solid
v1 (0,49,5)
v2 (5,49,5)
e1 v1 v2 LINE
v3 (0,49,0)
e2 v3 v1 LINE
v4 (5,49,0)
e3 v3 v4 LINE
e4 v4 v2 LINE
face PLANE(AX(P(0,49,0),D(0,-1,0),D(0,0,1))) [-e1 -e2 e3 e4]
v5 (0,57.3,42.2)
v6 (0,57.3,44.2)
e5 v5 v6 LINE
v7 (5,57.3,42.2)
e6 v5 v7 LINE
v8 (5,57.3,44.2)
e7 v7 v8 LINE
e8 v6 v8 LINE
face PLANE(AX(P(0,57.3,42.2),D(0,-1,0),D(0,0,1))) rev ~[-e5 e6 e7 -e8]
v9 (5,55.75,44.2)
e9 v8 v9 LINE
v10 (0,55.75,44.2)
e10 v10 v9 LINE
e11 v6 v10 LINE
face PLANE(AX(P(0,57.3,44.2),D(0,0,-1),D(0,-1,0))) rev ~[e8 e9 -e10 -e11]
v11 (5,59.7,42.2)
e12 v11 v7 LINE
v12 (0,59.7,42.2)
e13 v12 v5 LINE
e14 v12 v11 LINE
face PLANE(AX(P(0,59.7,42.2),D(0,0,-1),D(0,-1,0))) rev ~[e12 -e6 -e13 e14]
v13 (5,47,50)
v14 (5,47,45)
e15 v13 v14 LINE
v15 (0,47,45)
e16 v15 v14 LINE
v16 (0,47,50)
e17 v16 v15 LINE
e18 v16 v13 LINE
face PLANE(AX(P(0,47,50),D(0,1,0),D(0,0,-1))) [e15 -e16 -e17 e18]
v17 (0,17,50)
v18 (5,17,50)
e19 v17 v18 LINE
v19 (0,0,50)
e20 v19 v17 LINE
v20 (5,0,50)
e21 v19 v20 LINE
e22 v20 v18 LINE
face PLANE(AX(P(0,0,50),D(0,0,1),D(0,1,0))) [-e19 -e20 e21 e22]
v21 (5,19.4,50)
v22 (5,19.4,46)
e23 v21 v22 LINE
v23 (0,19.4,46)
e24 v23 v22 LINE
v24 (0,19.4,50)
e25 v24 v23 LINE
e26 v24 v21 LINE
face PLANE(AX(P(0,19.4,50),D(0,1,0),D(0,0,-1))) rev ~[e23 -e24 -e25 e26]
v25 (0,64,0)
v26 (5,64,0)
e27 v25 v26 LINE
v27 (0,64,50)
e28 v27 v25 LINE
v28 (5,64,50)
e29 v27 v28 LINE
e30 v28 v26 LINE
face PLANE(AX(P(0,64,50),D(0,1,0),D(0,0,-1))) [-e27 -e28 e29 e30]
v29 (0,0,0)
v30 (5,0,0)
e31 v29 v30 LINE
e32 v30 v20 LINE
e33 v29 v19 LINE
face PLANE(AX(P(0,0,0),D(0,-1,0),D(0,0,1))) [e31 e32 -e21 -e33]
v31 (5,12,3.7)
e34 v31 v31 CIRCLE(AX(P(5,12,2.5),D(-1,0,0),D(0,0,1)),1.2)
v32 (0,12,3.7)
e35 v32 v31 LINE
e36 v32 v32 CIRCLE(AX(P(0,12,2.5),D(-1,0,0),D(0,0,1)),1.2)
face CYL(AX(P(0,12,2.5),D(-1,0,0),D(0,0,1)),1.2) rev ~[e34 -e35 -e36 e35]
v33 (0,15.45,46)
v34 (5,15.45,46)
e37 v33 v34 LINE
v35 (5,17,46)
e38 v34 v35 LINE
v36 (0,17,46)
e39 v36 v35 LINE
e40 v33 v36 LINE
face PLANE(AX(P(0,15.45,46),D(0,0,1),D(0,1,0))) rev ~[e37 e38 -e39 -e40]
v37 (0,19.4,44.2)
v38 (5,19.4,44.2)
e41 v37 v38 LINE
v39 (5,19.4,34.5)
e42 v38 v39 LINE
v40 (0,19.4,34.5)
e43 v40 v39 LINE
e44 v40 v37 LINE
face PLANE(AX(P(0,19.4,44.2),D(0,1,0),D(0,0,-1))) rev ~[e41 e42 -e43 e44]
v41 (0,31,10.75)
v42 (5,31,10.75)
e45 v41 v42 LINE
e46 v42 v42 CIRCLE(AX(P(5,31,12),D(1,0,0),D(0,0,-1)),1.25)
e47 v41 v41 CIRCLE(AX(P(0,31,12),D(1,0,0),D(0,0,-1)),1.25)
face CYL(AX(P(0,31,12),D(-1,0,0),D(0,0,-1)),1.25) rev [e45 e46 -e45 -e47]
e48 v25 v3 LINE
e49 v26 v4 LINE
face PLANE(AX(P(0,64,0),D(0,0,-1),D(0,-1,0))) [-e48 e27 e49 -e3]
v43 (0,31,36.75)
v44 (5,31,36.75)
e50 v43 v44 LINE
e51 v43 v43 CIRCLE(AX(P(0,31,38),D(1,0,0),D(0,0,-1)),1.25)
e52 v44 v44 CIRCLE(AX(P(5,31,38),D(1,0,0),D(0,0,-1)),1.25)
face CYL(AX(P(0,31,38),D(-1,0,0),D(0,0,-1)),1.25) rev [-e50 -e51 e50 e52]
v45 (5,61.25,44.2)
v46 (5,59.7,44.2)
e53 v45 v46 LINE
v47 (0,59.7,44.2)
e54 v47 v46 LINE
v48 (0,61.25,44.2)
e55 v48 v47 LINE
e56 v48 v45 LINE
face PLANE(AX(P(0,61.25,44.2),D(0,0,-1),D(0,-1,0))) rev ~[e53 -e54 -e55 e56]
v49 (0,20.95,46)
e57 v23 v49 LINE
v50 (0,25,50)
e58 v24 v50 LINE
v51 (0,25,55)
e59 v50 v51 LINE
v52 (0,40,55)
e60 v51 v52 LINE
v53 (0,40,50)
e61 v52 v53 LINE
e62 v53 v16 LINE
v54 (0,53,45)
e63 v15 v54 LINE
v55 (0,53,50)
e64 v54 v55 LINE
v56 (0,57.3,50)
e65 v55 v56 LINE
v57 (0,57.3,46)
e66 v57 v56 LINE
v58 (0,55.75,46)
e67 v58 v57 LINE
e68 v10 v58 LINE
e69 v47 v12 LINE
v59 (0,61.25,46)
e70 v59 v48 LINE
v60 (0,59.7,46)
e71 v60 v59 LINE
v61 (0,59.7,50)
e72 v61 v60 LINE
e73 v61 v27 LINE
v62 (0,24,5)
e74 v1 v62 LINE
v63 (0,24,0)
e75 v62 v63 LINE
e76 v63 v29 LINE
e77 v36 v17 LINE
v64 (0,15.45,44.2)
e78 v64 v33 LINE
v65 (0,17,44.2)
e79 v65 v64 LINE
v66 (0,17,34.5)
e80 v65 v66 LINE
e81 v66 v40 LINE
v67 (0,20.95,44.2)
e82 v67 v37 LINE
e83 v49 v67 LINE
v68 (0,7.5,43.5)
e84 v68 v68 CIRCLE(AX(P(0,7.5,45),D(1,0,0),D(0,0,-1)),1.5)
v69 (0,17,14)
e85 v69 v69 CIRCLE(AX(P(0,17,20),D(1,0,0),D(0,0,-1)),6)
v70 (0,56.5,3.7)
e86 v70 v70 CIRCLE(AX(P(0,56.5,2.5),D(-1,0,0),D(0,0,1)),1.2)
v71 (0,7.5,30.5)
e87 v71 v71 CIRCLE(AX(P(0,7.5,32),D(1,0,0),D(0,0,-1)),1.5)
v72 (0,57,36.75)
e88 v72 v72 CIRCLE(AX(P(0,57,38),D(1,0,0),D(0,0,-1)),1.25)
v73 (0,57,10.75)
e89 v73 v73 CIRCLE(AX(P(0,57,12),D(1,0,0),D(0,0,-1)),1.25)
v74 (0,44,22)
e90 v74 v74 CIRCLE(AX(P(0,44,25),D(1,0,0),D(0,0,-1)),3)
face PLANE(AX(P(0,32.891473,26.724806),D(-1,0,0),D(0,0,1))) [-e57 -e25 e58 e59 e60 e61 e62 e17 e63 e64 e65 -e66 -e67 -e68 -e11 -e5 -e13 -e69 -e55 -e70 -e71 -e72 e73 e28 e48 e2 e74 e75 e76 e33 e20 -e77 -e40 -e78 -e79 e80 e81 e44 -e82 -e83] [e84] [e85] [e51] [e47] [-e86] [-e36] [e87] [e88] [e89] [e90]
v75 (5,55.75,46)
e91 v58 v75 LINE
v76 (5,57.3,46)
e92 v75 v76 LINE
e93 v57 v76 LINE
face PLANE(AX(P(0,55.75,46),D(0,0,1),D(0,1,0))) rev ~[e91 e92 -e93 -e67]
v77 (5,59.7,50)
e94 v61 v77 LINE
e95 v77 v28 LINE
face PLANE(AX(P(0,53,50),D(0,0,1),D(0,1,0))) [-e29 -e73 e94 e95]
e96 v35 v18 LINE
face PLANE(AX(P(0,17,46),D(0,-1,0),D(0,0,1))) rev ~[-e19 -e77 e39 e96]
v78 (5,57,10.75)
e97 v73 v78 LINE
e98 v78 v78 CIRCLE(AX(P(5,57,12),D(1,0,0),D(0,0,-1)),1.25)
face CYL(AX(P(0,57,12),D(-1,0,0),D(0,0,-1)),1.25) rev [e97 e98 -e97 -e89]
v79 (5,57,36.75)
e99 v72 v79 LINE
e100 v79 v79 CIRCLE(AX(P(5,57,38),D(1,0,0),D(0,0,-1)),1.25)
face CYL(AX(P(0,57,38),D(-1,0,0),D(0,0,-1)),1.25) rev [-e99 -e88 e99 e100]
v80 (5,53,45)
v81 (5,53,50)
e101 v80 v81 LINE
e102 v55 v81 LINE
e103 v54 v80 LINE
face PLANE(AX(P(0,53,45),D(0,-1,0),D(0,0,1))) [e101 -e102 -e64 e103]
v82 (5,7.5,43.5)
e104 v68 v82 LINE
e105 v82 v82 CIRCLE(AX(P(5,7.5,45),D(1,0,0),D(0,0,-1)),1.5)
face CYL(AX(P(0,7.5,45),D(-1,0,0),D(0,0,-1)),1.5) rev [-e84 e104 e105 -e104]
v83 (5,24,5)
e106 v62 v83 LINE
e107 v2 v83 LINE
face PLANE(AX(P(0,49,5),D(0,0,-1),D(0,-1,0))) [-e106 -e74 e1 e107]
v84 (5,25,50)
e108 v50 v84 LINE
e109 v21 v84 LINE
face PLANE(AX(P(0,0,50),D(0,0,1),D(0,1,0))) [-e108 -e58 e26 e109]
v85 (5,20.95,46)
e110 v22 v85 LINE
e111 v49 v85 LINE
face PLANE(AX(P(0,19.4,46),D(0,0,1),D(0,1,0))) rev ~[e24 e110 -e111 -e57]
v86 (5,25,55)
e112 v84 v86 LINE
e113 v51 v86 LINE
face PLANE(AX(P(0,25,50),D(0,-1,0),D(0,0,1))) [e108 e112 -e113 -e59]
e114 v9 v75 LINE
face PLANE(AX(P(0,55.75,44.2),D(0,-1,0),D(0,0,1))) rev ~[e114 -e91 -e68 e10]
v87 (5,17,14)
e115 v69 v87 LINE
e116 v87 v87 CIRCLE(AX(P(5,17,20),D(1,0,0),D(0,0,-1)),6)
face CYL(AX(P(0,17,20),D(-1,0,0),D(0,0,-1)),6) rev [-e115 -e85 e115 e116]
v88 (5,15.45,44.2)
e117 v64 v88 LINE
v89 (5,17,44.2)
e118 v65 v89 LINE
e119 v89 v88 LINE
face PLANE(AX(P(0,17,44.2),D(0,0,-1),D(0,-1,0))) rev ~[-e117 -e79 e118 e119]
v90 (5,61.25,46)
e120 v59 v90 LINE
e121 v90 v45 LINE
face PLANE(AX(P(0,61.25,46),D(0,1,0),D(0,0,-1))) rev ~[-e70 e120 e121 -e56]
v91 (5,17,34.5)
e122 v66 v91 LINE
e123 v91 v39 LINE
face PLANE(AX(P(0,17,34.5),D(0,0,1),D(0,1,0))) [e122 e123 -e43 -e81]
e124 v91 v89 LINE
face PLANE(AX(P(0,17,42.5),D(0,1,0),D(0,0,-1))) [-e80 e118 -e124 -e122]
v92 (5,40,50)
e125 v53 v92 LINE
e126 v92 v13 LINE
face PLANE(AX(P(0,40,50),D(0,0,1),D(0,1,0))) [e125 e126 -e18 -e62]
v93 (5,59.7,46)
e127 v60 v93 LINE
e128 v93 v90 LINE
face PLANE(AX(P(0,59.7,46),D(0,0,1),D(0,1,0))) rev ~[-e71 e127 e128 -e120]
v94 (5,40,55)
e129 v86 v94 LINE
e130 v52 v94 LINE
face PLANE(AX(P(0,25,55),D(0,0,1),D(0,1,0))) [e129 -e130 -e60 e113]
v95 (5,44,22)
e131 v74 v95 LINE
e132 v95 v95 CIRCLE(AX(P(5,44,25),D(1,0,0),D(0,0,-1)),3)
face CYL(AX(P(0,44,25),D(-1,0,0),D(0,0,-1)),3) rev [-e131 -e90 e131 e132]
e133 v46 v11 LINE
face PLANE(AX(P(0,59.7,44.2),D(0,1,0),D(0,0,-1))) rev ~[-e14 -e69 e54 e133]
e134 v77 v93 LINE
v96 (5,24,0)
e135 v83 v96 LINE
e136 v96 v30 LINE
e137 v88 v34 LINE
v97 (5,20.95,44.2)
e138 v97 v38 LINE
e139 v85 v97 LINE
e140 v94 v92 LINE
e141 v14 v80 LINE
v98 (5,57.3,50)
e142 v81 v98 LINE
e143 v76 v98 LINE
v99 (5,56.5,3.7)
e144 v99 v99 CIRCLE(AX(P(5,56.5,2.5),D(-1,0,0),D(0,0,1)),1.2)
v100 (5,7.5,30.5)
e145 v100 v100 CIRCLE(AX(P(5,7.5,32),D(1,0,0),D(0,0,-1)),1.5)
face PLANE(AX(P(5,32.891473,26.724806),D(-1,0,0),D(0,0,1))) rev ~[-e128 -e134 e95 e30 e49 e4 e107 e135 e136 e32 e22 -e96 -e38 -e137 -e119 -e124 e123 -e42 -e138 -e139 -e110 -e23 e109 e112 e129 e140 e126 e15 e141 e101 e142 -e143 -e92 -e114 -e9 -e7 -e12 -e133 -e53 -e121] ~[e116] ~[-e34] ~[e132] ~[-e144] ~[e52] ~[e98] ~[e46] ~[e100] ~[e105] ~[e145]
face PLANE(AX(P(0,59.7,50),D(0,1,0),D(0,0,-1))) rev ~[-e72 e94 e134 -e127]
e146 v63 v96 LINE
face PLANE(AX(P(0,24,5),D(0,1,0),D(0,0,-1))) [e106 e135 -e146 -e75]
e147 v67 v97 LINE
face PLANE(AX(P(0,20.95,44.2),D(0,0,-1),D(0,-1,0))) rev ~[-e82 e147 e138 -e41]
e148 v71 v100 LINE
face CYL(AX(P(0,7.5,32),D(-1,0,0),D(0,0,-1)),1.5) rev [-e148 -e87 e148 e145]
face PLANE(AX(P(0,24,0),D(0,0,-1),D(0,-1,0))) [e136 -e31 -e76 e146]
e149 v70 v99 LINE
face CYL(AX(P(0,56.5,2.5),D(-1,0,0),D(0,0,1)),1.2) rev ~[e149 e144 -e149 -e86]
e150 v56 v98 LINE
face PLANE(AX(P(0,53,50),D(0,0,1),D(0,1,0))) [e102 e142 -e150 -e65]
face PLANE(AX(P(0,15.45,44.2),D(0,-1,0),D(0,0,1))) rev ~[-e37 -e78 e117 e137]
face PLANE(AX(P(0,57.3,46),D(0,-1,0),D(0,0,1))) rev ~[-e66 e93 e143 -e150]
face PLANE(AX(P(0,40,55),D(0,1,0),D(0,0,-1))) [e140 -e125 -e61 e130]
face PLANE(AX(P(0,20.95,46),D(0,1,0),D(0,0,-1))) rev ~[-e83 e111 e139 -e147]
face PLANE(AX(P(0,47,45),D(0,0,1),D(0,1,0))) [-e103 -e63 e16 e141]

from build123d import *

# Parameters (mm, degrees)
SKETCH1_R           = 6
SKETCH1_R_2         = 3
SKETCH1_R_3         = 1.5
SKETCH1_R_4         = 1.25
SKETCH1_W           = 8
SKETCH1_H           = 2.4
BOSS_EXTRUDE1_DEPTH = 5
SKETCH2_R           = 1.2
CUT_EXTRUDE1_DEPTH  = 6


with BuildPart() as part:
    # Sketch1 → Boss-Extrude1 (new body)
    with BuildSketch(Plane(origin=(0, 0, 0), x_dir=(0, 0, -1), z_dir=(1, 0, 0))):
        Polygon((0, 0), (-50, 0), (-50, 25), (-55, 25), (-55, 40), (-50, 40), (-50, 47), (-45, 47), (-45, 53), (-50, 53), (-50, 64), (0, 64), (0, 49), (-5, 49), (-5, 24), (0, 24), align=None)
        with Locations((-20, 17)):
            Circle(SKETCH1_R, mode=Mode.SUBTRACT)
        with Locations((-25, 44)):
            Circle(SKETCH1_R_2, mode=Mode.SUBTRACT)
        with Locations((-45, 7.5)):
            Circle(SKETCH1_R_3, mode=Mode.SUBTRACT)
        with Locations((-38, 57)):
            Circle(SKETCH1_R_4, mode=Mode.SUBTRACT)
        with Locations((-12, 57)):
            Circle(SKETCH1_R_4, mode=Mode.SUBTRACT)
        with Locations((-38, 31)):
            Circle(SKETCH1_R_4, mode=Mode.SUBTRACT)
        with Locations((-12, 31)):
            Circle(SKETCH1_R_4, mode=Mode.SUBTRACT)
        with Locations((-32, 7.5)):
            Circle(SKETCH1_R_3, mode=Mode.SUBTRACT)
        with Locations((-38.5, 18.2)):
            Rectangle(SKETCH1_W, SKETCH1_H, mode=Mode.SUBTRACT)
    extrude(amount=BOSS_EXTRUDE1_DEPTH)

    # Sketch2 → Cut-Extrude1 (cut, through all)
    with BuildSketch(Plane.ZY):
        with Locations((2.5, 56.5)):
            Circle(SKETCH2_R)
        with Locations((2.5, 12)):
            Circle(SKETCH2_R)
        Polygon((50, 59.7), (46, 59.7), (46, 61.25), (44.2, 61.25), (44.2, 59.7), (42.2, 59.7), (42.2, 57.3), (44.2, 57.3), (44.2, 55.75), (46, 55.75), (46, 57.3), (50, 57.3), align=None)
        Polygon((50, 19.4), (46, 19.4), (46, 20.95), (44.2, 20.95), (44.2, 19.4), (42.2, 19.4), (42.2, 17), (44.2, 17), (44.2, 15.45), (46, 15.45), (46, 17), (50, 17), align=None)
    extrude(amount=-CUT_EXTRUDE1_DEPTH, mode=Mode.SUBTRACT)


solid = part.part
